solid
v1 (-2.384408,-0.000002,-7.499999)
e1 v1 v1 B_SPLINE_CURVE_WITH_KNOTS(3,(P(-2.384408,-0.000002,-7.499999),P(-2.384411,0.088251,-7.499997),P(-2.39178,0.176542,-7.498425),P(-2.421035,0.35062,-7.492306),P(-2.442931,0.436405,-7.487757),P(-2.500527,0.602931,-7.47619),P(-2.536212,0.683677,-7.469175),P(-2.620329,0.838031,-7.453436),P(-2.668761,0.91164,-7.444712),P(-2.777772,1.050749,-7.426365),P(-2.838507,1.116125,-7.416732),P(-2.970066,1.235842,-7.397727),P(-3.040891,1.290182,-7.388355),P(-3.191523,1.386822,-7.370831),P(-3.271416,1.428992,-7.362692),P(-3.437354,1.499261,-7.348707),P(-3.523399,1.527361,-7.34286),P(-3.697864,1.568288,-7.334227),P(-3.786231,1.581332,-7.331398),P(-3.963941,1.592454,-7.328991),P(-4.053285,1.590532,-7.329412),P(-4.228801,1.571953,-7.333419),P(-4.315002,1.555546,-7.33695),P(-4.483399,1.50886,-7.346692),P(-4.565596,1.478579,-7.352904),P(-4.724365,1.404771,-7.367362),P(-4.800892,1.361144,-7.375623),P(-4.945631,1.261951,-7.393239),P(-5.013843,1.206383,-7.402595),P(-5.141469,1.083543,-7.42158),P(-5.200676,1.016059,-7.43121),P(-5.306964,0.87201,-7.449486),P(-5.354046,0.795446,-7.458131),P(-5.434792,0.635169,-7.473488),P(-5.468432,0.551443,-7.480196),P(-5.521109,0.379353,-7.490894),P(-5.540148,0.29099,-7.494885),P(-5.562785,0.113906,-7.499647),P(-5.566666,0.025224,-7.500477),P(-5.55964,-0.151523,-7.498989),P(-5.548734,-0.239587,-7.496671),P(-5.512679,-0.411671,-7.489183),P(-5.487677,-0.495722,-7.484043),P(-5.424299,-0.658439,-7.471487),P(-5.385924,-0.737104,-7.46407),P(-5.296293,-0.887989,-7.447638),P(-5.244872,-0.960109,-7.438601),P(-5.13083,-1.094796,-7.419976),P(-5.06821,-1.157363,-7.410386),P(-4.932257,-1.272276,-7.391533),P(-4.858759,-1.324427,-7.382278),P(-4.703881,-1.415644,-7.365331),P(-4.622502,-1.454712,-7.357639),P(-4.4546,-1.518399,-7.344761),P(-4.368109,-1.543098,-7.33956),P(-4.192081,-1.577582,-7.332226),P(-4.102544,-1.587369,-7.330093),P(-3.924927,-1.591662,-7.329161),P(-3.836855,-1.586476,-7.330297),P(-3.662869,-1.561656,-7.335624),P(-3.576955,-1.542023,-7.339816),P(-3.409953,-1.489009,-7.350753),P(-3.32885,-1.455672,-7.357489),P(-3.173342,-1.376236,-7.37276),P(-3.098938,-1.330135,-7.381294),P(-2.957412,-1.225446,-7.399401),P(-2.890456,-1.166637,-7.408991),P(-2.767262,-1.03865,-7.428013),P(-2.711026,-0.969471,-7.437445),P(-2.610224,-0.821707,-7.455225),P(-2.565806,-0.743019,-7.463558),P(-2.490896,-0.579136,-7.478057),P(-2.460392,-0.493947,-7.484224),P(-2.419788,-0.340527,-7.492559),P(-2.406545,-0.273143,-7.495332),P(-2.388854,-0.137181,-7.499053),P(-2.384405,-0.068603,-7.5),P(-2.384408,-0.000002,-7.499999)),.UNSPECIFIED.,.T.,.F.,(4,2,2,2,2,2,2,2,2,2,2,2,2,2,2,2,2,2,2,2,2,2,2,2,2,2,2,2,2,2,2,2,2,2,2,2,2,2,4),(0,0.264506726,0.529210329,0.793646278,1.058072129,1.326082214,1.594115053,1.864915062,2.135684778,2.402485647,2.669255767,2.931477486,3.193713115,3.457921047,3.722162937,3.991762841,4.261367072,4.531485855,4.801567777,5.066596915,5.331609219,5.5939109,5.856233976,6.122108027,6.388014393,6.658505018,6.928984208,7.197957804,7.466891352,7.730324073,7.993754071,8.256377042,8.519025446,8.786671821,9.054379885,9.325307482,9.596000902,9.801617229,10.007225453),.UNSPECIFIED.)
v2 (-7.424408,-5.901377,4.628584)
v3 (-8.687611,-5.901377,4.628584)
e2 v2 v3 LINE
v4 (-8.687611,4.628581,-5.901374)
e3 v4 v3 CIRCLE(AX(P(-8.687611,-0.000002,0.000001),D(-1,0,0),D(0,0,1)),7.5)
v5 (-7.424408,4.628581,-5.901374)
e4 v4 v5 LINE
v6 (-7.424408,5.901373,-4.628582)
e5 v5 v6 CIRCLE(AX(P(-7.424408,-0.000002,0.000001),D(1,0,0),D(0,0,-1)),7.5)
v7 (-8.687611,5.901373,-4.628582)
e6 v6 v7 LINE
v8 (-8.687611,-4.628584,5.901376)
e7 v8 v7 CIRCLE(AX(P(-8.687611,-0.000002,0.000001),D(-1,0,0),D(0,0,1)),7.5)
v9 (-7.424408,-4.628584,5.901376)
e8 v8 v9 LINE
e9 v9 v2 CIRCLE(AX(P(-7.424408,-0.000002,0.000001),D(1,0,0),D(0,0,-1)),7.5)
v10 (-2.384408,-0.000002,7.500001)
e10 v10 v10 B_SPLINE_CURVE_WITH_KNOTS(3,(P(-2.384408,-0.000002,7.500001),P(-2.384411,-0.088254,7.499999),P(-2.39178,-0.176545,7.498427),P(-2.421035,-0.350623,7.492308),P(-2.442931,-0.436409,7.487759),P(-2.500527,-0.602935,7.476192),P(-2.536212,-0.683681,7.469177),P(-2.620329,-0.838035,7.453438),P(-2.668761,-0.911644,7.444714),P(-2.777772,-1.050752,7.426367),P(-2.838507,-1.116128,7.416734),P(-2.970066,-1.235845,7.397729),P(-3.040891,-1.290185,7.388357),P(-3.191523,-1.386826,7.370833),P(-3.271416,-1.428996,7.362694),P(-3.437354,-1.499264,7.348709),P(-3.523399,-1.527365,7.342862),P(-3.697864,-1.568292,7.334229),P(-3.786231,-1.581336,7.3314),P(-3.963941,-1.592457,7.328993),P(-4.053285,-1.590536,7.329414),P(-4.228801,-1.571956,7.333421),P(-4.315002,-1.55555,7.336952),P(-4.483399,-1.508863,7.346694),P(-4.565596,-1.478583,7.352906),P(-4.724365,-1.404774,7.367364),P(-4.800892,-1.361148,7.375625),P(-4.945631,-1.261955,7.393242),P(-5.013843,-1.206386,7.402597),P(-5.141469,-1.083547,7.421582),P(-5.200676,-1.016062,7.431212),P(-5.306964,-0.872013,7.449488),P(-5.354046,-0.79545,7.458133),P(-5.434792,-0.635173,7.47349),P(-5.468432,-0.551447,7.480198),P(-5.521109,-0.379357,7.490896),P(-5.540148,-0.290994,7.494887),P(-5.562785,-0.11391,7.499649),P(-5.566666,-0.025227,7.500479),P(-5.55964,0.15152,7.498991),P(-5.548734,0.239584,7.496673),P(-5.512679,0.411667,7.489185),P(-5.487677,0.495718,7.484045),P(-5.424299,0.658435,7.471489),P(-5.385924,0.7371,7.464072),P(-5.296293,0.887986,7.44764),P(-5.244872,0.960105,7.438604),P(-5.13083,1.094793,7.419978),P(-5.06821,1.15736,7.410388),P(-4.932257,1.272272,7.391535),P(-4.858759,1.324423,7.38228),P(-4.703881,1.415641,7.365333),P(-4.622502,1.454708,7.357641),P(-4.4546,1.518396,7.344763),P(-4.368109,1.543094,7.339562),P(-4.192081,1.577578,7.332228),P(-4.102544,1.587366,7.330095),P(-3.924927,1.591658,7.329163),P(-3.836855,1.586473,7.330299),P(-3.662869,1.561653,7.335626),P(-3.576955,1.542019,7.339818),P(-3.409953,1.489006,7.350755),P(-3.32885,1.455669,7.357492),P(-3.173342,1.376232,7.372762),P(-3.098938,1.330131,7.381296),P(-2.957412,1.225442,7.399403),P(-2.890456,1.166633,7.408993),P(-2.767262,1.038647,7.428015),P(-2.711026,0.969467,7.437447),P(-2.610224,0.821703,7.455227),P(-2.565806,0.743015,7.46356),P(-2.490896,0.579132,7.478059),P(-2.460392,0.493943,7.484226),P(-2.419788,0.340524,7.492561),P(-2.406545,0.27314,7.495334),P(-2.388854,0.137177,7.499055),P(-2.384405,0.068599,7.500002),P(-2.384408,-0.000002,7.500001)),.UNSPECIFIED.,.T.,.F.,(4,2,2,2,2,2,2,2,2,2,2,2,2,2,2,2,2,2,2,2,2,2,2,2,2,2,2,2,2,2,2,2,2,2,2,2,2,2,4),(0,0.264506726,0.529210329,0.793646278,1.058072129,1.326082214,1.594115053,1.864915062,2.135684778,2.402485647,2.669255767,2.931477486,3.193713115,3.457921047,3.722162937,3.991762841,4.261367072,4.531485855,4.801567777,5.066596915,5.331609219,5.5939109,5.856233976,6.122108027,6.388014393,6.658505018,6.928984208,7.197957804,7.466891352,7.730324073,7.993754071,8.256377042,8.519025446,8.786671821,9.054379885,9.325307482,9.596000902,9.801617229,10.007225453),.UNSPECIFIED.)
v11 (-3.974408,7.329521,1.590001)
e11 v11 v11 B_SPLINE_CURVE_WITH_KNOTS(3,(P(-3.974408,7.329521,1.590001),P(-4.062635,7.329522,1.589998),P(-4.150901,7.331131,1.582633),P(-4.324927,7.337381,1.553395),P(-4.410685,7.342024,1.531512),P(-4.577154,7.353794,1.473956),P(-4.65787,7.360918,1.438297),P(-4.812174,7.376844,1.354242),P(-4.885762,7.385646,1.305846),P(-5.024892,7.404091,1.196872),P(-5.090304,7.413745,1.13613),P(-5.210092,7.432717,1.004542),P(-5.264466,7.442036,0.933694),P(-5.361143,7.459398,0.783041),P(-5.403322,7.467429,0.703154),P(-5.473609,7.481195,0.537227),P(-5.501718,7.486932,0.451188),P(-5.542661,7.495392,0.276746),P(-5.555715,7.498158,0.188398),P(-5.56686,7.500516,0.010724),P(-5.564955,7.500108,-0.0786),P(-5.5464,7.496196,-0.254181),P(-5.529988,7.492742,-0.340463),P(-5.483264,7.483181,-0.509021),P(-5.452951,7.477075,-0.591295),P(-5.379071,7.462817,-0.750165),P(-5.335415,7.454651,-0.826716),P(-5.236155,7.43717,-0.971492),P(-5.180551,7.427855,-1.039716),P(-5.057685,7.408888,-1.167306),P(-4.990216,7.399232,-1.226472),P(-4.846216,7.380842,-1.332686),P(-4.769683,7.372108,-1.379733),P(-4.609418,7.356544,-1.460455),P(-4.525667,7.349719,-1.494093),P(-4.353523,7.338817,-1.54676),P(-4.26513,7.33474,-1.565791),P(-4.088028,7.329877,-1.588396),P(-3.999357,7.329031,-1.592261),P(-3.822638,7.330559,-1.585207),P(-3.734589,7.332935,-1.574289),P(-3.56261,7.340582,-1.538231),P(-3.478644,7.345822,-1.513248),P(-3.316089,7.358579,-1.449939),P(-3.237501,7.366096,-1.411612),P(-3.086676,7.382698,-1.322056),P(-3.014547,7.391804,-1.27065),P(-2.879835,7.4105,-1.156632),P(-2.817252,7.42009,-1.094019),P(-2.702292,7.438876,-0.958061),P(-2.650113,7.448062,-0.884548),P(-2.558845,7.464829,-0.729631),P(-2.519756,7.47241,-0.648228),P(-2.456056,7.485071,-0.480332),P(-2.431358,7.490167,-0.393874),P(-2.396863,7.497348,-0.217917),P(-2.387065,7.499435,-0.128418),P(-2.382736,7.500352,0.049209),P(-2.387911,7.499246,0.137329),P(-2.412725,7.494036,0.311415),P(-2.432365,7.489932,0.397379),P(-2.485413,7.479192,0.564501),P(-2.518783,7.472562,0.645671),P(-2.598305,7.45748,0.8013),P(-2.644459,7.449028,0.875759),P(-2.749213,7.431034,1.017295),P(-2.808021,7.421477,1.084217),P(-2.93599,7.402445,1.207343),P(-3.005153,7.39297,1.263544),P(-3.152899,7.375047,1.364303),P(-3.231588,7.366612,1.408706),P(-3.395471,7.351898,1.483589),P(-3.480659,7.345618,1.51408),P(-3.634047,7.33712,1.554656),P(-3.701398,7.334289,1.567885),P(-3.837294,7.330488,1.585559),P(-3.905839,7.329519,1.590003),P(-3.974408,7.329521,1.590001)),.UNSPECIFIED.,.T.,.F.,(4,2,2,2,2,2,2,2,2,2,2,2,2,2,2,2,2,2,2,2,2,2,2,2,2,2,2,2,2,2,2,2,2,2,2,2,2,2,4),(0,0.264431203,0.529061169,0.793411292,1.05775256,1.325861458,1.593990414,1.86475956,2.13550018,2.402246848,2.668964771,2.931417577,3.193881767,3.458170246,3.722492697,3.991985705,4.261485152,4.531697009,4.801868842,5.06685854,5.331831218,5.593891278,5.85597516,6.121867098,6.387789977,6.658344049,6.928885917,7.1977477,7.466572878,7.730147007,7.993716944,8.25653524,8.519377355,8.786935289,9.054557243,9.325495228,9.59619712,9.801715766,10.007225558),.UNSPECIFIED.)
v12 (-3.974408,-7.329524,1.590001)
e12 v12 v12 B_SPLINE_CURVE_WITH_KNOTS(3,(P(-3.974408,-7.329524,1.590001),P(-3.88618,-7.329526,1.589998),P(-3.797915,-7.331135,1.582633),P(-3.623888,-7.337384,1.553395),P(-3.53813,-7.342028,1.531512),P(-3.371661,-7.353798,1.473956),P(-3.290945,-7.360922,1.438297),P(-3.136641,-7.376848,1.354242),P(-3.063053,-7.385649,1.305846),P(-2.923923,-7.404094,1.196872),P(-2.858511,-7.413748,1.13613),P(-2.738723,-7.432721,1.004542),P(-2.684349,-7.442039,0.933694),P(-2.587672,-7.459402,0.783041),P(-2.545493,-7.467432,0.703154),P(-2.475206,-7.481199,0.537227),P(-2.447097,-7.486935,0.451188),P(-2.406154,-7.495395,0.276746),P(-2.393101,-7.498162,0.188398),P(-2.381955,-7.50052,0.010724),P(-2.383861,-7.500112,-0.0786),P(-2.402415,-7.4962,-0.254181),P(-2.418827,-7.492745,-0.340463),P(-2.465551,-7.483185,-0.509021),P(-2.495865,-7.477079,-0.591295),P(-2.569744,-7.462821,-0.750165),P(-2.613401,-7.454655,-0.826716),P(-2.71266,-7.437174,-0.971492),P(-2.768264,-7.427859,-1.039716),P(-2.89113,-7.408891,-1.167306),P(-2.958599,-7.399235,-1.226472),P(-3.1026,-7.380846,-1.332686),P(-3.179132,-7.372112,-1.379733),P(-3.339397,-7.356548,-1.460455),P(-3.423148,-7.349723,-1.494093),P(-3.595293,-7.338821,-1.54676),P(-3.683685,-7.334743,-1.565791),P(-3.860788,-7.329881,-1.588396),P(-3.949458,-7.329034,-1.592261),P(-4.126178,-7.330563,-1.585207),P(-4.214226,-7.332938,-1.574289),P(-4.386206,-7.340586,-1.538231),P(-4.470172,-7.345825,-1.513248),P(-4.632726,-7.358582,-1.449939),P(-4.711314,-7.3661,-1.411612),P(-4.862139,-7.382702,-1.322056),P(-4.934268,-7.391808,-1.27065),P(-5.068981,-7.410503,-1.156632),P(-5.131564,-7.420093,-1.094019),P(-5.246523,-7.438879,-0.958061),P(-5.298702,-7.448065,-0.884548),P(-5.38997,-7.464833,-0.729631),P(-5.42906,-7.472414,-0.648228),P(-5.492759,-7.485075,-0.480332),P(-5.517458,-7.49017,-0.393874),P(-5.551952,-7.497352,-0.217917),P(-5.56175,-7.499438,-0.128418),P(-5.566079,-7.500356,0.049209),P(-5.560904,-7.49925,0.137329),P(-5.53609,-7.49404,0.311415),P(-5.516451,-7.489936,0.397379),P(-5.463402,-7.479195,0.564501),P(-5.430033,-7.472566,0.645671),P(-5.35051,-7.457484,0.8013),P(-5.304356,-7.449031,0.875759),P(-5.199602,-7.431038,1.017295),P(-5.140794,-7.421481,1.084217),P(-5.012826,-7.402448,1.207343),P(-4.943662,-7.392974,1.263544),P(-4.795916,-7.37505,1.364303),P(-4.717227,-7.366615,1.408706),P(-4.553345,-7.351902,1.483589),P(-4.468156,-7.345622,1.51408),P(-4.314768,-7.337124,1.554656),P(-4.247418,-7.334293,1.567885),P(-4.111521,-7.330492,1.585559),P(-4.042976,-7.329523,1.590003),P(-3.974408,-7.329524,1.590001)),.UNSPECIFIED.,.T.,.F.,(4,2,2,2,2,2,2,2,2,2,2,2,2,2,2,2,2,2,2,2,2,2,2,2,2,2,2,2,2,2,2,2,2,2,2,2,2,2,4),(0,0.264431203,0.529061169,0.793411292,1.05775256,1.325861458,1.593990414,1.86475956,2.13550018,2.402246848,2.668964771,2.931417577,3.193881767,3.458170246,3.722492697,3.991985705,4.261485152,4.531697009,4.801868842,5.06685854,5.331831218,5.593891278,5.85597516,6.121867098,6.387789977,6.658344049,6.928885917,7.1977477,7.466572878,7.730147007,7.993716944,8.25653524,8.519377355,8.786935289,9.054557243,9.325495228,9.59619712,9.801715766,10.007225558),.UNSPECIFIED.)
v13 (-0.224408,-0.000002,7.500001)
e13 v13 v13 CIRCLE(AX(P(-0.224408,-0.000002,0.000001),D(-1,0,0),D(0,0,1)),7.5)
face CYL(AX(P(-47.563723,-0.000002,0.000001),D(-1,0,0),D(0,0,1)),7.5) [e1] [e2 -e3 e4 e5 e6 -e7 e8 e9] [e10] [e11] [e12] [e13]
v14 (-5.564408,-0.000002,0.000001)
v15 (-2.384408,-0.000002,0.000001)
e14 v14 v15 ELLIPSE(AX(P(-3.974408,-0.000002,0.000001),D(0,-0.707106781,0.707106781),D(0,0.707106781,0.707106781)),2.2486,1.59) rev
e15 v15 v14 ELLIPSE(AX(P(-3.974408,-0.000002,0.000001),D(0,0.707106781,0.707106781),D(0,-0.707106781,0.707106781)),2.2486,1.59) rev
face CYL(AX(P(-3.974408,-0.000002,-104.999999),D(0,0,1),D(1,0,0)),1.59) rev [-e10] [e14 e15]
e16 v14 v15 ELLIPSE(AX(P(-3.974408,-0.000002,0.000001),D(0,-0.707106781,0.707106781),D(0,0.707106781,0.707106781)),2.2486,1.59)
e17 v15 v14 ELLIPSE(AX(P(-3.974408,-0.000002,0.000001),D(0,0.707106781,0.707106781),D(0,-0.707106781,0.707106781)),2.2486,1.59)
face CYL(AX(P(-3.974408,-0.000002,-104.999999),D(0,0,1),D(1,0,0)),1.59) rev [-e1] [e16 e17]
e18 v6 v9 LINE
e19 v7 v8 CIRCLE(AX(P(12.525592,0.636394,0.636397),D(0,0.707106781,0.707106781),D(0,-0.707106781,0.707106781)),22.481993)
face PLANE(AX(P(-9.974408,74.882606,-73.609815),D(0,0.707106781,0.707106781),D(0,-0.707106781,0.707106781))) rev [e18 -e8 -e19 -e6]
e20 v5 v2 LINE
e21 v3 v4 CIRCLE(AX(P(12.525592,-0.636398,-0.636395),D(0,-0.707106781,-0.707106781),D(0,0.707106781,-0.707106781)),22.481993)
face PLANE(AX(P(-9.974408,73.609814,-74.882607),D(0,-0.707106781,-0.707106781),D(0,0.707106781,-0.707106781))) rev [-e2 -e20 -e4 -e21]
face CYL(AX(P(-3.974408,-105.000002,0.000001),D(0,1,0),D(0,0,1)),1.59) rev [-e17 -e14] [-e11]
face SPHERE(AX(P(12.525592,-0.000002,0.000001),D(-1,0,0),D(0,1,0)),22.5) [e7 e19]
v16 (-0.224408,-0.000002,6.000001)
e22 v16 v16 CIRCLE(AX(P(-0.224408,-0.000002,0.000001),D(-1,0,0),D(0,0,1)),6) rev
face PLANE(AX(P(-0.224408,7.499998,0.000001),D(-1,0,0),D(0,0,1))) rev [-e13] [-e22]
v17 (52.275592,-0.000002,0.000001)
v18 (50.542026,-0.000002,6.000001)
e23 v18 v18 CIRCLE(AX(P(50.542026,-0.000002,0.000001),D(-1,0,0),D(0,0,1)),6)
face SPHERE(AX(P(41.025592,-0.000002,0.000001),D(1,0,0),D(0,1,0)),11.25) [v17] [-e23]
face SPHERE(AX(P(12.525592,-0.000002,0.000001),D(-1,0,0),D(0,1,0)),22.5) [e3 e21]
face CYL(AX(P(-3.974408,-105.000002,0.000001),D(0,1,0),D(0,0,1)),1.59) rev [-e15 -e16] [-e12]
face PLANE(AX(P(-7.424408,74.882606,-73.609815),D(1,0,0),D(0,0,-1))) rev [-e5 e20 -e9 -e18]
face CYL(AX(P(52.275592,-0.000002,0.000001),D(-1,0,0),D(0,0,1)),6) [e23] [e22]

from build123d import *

# Parameters (mm, degrees)
SKETCH2_R          = 4
NECK_DEPTH         = 35
SKETCH5_R          = 1.06
CUT_EXTRUDE1_DEPTH = 70
SKETCH6_R          = 1.06
CUT_EXTRUDE2_DEPTH = 70
SKETCH7_W          = 1.7
SKETCH7_H          = 1.2
CUT_EXTRUDE3_DEPTH = 70
SCALE_1_SCALE      = 1.5


with BuildPart() as part:
    # Sketch1 → BaseHead (revolve)
    with BuildSketch(Plane.XY):
        with BuildLine():
            Line((0.857864376, 5), (6.5, 5))
            Line((6.5, 5), (6.5, 0))
            Line((6.5, 0), (0, 0))
            ThreePointArc((0, 0), (0.216021605, 2.536529681), (0.857864376, 5))
        make_face()
    revolve(axis=Axis((-25.059543495, 0, 0), (1, 0, 0)))

    # Sketch2 → Neck (add)
    with BuildSketch(Plane(origin=(6.5, 3.614329884, 0.195577912), x_dir=(0, 0, -1), z_dir=(1, 0, 0))):
        with Locations(Location((0.195577912, -3.614329884, 0), (0, 0, 180))):
            Circle(SKETCH2_R)
    extrude(amount=NECK_DEPTH)

    # Sketch4 → Cut-Revolve1 (revolve, cut)
    with BuildSketch(Plane.XY, mode=Mode.PRIVATE) as cut_revolve1_sk:
        with BuildLine():
            Line((34, 7.5), (34, 12.5))
            Line((34, 12.5), (46.5, 12.5))
            Line((46.5, 12.5), (46.5, 0))
            Line((46.5, 0), (41.5, 0))
            ThreePointArc((41.5, 0), (39.303300859, 5.303300859), (34, 7.5))
        make_face()
    revolve(cut_revolve1_sk.sketch.rotate(Axis((61.414233577, 0, 0), (-1, 0, 0)), 270), axis=Axis((61.414233577, 0, 0), (-1, 0, 0)), mode=Mode.SUBTRACT)

    # Sketch5 → Cut-Extrude1 (cut, symmetric)
    with BuildSketch(Plane.XY):
        with Locations((4, 0)):
            Circle(SKETCH5_R)
    extrude(amount=CUT_EXTRUDE1_DEPTH, both=True, mode=Mode.SUBTRACT)

    # Sketch6 → Cut-Extrude2 (cut, symmetric)
    with BuildSketch(Plane(origin=(0, 0, 0), x_dir=(1, 0, 0), z_dir=(0, 1, 0))):
        with Locations(Location((4, 0, 0), (0, 0, 270))):
            Circle(SKETCH6_R)
    extrude(amount=CUT_EXTRUDE2_DEPTH, both=True, mode=Mode.SUBTRACT)

    # Sketch7 → Cut-Extrude3 (cut, symmetric)
    with BuildSketch(Plane(origin=(0, 0, 0), x_dir=(1, 0, 0), z_dir=(0, -0.7071067811865488, 0.7071067811865462))):
        with Locations((0.85, 0)):
            Rectangle(SKETCH7_W, SKETCH7_H)
    extrude(amount=CUT_EXTRUDE3_DEPTH, both=True, mode=Mode.SUBTRACT)


with BuildPart() as part_1:
    # 缩放比例1: scaled about (19.948892128, -3.087e-06, -4.178e-06)
    add(part.part.scale(SCALE_1_SCALE).moved(Location((-9.974446064, 1.543e-06, 2.089e-06))))


solid = part_1.part
